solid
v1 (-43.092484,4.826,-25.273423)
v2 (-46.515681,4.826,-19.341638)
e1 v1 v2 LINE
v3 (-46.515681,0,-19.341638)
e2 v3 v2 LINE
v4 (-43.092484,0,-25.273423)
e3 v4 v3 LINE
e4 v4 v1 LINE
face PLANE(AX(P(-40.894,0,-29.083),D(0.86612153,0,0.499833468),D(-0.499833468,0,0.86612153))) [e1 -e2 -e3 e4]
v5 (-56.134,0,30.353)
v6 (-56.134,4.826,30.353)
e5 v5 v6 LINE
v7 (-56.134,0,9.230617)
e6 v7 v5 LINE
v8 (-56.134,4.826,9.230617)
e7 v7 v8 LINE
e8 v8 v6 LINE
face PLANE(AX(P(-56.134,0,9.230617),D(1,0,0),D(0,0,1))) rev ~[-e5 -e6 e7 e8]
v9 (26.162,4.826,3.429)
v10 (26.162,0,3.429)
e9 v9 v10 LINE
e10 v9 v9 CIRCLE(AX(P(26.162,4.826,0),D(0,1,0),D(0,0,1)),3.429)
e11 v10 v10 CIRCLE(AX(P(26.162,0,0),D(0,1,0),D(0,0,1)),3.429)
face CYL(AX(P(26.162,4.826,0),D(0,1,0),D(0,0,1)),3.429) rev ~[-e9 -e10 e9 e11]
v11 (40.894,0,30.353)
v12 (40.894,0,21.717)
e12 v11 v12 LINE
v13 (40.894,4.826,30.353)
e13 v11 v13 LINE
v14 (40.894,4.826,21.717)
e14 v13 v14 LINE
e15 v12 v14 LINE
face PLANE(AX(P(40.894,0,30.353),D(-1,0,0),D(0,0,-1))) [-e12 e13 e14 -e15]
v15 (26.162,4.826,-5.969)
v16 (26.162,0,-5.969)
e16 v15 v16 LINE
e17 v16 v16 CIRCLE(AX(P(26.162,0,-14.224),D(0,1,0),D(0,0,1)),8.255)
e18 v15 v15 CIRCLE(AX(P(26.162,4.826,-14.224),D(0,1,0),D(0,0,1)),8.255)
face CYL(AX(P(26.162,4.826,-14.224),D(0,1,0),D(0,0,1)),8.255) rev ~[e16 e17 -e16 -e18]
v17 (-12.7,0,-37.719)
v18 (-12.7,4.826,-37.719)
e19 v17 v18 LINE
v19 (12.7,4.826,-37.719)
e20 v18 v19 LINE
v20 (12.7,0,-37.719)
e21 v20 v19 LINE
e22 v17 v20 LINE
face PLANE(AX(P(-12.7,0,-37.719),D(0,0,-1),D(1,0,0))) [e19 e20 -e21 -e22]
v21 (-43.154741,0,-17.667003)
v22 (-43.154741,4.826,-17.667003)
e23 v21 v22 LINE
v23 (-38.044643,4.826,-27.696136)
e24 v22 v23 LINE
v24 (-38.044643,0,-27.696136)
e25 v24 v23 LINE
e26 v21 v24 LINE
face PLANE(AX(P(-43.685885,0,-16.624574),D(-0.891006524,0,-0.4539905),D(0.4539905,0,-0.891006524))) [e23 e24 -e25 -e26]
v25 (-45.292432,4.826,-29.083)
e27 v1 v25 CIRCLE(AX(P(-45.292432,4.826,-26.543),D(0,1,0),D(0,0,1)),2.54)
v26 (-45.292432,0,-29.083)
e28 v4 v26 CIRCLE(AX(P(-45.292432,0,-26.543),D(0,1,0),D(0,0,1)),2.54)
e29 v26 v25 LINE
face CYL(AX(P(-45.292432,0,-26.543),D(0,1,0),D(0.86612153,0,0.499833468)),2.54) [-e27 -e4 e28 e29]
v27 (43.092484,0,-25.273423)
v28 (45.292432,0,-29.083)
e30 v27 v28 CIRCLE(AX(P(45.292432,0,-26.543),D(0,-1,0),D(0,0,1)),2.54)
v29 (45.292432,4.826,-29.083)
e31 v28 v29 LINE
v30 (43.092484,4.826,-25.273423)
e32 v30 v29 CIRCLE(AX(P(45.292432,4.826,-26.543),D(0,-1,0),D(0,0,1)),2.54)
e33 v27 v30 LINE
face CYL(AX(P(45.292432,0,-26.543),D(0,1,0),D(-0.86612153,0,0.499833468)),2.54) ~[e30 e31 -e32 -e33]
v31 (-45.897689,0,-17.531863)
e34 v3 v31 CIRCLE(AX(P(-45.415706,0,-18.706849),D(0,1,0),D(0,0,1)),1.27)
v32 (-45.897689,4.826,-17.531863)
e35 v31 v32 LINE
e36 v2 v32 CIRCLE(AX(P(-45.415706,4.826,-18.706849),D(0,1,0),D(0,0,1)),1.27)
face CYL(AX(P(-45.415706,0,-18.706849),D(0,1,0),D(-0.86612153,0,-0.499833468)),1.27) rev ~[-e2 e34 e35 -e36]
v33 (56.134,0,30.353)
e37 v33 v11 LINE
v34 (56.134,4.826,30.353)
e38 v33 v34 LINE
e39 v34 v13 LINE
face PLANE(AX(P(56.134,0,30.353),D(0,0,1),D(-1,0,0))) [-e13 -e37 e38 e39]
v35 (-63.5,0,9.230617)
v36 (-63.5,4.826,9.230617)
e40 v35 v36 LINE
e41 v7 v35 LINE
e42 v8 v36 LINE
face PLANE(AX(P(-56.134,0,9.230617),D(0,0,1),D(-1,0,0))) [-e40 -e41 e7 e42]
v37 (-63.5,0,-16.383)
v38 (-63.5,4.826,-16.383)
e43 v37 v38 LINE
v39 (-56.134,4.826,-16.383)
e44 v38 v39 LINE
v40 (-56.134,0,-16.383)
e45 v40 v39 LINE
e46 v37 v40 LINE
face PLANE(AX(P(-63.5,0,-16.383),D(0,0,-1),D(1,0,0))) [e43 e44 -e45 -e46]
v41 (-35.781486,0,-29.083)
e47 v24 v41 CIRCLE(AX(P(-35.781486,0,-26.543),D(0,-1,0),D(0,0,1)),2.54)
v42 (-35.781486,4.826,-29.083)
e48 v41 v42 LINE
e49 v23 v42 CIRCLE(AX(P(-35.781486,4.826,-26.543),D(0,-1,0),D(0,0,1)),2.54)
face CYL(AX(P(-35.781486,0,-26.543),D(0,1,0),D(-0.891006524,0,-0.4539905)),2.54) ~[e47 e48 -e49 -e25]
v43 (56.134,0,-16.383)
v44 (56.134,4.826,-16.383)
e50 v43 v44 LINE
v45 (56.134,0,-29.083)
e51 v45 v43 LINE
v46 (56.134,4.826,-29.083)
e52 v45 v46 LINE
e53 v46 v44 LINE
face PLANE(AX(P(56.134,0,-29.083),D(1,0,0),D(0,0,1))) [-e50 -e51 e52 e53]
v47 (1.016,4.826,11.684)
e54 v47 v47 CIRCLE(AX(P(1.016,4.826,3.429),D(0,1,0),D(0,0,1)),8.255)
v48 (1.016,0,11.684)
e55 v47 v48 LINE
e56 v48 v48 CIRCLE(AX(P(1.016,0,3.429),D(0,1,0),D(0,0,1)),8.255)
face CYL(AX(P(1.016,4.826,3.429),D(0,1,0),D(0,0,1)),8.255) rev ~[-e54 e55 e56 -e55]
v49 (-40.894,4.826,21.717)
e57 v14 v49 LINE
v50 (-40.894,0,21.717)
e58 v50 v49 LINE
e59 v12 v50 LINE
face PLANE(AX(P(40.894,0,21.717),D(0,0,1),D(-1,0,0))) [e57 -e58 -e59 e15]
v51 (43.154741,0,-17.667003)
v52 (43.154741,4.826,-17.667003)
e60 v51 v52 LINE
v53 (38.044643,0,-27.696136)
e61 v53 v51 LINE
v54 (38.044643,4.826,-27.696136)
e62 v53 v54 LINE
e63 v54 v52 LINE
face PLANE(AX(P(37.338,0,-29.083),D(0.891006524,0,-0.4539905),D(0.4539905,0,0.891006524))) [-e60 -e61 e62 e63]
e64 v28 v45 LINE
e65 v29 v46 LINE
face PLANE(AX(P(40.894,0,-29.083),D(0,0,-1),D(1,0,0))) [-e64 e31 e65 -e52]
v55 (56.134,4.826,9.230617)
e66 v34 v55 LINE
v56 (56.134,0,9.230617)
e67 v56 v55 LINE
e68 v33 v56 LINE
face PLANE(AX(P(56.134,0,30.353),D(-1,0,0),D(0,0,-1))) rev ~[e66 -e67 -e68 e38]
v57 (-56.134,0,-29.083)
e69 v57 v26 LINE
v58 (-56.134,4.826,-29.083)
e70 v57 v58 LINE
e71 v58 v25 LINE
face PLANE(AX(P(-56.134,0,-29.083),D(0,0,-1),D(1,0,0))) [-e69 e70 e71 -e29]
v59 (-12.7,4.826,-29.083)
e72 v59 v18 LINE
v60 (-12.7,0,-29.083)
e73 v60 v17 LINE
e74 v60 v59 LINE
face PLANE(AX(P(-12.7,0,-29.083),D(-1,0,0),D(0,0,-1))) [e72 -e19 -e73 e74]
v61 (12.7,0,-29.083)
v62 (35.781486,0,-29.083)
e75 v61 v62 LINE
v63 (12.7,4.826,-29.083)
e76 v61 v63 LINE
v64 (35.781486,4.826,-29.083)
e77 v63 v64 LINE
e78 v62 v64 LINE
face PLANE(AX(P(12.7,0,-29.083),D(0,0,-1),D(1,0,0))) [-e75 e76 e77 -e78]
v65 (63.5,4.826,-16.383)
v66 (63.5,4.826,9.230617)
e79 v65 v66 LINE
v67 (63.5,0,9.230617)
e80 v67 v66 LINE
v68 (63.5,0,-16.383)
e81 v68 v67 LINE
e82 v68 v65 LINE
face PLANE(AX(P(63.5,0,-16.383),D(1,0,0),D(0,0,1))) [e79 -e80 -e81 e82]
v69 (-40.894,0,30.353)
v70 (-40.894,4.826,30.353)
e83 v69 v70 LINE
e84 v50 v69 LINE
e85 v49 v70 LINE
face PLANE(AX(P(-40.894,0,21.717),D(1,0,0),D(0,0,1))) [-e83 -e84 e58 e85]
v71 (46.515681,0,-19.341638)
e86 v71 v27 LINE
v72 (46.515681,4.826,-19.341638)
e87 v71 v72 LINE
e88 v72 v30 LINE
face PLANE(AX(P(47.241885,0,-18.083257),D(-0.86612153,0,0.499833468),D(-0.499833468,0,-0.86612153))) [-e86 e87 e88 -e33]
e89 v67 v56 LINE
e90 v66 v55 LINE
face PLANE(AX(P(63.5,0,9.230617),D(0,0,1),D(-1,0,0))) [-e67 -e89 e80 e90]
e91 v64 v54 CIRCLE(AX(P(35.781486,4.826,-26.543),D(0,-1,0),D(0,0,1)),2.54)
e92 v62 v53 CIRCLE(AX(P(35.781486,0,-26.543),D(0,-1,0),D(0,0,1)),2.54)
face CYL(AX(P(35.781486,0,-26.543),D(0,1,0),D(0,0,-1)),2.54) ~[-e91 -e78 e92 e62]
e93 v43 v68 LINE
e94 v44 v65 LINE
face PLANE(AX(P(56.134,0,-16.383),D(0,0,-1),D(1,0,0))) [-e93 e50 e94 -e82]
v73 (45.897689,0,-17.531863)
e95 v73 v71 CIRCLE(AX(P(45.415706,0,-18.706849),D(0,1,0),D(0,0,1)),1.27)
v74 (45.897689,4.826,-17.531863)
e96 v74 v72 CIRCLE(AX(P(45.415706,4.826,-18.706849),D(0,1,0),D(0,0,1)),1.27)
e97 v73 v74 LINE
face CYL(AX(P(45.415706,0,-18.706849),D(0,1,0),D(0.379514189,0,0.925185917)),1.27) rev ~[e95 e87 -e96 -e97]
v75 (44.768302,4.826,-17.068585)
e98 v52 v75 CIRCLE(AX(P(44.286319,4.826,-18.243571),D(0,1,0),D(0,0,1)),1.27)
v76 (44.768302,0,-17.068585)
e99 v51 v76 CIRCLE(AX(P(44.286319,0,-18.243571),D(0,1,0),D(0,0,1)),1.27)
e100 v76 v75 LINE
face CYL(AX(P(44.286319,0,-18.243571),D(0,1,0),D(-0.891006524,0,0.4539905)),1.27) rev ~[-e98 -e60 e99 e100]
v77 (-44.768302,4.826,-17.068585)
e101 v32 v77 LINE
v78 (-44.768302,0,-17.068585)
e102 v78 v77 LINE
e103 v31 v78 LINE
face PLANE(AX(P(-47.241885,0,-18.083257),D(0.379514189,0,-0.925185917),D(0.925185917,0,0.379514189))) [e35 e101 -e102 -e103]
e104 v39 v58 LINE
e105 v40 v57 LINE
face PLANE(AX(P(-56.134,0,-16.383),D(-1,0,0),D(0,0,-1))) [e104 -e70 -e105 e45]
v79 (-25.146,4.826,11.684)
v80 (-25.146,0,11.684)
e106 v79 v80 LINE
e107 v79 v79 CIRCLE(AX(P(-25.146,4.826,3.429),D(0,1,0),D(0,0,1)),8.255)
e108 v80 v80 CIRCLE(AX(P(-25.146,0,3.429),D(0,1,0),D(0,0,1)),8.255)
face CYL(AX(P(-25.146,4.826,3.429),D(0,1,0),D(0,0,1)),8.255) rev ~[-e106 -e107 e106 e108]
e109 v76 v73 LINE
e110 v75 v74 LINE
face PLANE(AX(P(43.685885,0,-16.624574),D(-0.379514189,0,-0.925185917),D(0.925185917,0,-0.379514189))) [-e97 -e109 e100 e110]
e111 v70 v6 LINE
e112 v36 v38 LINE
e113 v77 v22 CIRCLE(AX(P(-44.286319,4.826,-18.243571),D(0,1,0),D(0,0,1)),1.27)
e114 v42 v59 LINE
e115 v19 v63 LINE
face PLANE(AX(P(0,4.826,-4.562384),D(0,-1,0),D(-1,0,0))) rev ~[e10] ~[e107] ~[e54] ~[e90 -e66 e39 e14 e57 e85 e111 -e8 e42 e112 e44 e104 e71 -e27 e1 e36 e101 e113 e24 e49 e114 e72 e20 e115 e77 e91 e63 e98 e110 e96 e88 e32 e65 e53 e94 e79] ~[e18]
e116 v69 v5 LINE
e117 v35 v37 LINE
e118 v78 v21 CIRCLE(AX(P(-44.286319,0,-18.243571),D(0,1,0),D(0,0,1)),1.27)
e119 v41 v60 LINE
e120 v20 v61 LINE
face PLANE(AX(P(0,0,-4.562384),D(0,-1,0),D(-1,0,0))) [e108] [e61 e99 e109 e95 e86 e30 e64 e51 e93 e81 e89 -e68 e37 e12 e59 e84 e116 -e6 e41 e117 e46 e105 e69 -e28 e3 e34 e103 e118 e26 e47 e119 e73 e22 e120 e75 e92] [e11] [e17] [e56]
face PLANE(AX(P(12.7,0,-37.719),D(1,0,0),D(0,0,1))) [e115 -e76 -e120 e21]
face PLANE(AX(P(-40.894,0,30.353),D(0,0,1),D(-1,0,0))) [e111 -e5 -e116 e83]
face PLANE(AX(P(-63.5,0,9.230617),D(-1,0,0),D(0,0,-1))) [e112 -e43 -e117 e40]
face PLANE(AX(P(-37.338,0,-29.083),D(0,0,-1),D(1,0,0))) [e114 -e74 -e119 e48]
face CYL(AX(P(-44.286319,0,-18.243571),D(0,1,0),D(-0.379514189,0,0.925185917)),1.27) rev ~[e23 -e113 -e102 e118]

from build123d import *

# Parameters (mm, degrees)
BOSS_EXTRUDE1_DEPTH = 4.826
FILLET1_R           = 1.27
SKETCH2_R           = 8.255
SKETCH2_R_2         = 3.429
CUT_EXTRUDE1_DEPTH  = 75.015290562
FILLET2_R           = 2.54


with BuildPart() as part:
    # Sketch1 → Boss-Extrude1 (new body)
    with BuildSketch(Plane(origin=(0, 0, 0), x_dir=(1, 0, 0), z_dir=(0, 1, 0))):
        Polygon((-56.134, 29.083), (-40.894, 29.083), (-47.241885042, 18.083256572), (-43.685885042, 16.624574128), (-37.338, 29.083), (-12.7, 29.083), (-12.7, 37.719), (12.7, 37.719), (12.7, 29.083), (37.338, 29.083), (43.685885042, 16.624574128), (47.241885042, 18.083256572), (40.894, 29.083), (56.134, 29.083), (56.134, 16.383), (63.5, 16.383), (63.5, -9.230617291), (56.134, -9.230617291), (56.134, -29.083), (56.134, -30.353), (40.894, -30.353), (40.894, -21.717), (-40.894, -21.717), (-40.894, -30.353), (-56.134, -30.353), (-56.134, -29.083), (-56.134, -9.230617291), (-63.5, -9.230617291), (-63.5, 16.383), (-56.134, 16.383), align=None)
    extrude(amount=BOSS_EXTRUDE1_DEPTH)

    # Fillet1
    fillet1_edges = [part.edges().sort_by_distance(p)[0] for p in [
        (-47.241885042, 2.413, -18.083256572),
        (-43.685885042, 2.413, -16.624574128),
        (43.685885042, 2.413, -16.624574128),
        (47.241885042, 2.413, -18.083256572),
    ]]
    fillet(fillet1_edges, radius=FILLET1_R)

    # Sketch2 → Cut-Extrude1 (cut, through all)
    with BuildSketch(Plane(origin=(0, 4.826, 0), x_dir=(1, 0, 0), z_dir=(0, 1, 0))):
        with Locations(Location((26.162, 14.224, 0), (0, 0, 270))):
            Circle(SKETCH2_R)
        with Locations(Location((26.162, 0, 0), (0, 0, 270))):
            Circle(SKETCH2_R_2)
        with Locations(Location((-25.146, -3.429, 0), (0, 0, 270))):
            Circle(SKETCH2_R)
        with Locations(Location((1.016, -3.429, 0), (0, 0, 270))):
            Circle(SKETCH2_R)
    extrude(amount=-CUT_EXTRUDE1_DEPTH, mode=Mode.SUBTRACT)

    # Fillet2
    fillet2_edges = [part.edges().sort_by_distance(p)[0] for p in [
        (-40.894, 2.413, -29.083),
        (-37.338, 2.413, -29.083),
        (37.338, 2.413, -29.083),
        (40.894, 2.413, -29.083),
    ]]
    fillet(fillet2_edges, radius=FILLET2_R)


solid = part.part
